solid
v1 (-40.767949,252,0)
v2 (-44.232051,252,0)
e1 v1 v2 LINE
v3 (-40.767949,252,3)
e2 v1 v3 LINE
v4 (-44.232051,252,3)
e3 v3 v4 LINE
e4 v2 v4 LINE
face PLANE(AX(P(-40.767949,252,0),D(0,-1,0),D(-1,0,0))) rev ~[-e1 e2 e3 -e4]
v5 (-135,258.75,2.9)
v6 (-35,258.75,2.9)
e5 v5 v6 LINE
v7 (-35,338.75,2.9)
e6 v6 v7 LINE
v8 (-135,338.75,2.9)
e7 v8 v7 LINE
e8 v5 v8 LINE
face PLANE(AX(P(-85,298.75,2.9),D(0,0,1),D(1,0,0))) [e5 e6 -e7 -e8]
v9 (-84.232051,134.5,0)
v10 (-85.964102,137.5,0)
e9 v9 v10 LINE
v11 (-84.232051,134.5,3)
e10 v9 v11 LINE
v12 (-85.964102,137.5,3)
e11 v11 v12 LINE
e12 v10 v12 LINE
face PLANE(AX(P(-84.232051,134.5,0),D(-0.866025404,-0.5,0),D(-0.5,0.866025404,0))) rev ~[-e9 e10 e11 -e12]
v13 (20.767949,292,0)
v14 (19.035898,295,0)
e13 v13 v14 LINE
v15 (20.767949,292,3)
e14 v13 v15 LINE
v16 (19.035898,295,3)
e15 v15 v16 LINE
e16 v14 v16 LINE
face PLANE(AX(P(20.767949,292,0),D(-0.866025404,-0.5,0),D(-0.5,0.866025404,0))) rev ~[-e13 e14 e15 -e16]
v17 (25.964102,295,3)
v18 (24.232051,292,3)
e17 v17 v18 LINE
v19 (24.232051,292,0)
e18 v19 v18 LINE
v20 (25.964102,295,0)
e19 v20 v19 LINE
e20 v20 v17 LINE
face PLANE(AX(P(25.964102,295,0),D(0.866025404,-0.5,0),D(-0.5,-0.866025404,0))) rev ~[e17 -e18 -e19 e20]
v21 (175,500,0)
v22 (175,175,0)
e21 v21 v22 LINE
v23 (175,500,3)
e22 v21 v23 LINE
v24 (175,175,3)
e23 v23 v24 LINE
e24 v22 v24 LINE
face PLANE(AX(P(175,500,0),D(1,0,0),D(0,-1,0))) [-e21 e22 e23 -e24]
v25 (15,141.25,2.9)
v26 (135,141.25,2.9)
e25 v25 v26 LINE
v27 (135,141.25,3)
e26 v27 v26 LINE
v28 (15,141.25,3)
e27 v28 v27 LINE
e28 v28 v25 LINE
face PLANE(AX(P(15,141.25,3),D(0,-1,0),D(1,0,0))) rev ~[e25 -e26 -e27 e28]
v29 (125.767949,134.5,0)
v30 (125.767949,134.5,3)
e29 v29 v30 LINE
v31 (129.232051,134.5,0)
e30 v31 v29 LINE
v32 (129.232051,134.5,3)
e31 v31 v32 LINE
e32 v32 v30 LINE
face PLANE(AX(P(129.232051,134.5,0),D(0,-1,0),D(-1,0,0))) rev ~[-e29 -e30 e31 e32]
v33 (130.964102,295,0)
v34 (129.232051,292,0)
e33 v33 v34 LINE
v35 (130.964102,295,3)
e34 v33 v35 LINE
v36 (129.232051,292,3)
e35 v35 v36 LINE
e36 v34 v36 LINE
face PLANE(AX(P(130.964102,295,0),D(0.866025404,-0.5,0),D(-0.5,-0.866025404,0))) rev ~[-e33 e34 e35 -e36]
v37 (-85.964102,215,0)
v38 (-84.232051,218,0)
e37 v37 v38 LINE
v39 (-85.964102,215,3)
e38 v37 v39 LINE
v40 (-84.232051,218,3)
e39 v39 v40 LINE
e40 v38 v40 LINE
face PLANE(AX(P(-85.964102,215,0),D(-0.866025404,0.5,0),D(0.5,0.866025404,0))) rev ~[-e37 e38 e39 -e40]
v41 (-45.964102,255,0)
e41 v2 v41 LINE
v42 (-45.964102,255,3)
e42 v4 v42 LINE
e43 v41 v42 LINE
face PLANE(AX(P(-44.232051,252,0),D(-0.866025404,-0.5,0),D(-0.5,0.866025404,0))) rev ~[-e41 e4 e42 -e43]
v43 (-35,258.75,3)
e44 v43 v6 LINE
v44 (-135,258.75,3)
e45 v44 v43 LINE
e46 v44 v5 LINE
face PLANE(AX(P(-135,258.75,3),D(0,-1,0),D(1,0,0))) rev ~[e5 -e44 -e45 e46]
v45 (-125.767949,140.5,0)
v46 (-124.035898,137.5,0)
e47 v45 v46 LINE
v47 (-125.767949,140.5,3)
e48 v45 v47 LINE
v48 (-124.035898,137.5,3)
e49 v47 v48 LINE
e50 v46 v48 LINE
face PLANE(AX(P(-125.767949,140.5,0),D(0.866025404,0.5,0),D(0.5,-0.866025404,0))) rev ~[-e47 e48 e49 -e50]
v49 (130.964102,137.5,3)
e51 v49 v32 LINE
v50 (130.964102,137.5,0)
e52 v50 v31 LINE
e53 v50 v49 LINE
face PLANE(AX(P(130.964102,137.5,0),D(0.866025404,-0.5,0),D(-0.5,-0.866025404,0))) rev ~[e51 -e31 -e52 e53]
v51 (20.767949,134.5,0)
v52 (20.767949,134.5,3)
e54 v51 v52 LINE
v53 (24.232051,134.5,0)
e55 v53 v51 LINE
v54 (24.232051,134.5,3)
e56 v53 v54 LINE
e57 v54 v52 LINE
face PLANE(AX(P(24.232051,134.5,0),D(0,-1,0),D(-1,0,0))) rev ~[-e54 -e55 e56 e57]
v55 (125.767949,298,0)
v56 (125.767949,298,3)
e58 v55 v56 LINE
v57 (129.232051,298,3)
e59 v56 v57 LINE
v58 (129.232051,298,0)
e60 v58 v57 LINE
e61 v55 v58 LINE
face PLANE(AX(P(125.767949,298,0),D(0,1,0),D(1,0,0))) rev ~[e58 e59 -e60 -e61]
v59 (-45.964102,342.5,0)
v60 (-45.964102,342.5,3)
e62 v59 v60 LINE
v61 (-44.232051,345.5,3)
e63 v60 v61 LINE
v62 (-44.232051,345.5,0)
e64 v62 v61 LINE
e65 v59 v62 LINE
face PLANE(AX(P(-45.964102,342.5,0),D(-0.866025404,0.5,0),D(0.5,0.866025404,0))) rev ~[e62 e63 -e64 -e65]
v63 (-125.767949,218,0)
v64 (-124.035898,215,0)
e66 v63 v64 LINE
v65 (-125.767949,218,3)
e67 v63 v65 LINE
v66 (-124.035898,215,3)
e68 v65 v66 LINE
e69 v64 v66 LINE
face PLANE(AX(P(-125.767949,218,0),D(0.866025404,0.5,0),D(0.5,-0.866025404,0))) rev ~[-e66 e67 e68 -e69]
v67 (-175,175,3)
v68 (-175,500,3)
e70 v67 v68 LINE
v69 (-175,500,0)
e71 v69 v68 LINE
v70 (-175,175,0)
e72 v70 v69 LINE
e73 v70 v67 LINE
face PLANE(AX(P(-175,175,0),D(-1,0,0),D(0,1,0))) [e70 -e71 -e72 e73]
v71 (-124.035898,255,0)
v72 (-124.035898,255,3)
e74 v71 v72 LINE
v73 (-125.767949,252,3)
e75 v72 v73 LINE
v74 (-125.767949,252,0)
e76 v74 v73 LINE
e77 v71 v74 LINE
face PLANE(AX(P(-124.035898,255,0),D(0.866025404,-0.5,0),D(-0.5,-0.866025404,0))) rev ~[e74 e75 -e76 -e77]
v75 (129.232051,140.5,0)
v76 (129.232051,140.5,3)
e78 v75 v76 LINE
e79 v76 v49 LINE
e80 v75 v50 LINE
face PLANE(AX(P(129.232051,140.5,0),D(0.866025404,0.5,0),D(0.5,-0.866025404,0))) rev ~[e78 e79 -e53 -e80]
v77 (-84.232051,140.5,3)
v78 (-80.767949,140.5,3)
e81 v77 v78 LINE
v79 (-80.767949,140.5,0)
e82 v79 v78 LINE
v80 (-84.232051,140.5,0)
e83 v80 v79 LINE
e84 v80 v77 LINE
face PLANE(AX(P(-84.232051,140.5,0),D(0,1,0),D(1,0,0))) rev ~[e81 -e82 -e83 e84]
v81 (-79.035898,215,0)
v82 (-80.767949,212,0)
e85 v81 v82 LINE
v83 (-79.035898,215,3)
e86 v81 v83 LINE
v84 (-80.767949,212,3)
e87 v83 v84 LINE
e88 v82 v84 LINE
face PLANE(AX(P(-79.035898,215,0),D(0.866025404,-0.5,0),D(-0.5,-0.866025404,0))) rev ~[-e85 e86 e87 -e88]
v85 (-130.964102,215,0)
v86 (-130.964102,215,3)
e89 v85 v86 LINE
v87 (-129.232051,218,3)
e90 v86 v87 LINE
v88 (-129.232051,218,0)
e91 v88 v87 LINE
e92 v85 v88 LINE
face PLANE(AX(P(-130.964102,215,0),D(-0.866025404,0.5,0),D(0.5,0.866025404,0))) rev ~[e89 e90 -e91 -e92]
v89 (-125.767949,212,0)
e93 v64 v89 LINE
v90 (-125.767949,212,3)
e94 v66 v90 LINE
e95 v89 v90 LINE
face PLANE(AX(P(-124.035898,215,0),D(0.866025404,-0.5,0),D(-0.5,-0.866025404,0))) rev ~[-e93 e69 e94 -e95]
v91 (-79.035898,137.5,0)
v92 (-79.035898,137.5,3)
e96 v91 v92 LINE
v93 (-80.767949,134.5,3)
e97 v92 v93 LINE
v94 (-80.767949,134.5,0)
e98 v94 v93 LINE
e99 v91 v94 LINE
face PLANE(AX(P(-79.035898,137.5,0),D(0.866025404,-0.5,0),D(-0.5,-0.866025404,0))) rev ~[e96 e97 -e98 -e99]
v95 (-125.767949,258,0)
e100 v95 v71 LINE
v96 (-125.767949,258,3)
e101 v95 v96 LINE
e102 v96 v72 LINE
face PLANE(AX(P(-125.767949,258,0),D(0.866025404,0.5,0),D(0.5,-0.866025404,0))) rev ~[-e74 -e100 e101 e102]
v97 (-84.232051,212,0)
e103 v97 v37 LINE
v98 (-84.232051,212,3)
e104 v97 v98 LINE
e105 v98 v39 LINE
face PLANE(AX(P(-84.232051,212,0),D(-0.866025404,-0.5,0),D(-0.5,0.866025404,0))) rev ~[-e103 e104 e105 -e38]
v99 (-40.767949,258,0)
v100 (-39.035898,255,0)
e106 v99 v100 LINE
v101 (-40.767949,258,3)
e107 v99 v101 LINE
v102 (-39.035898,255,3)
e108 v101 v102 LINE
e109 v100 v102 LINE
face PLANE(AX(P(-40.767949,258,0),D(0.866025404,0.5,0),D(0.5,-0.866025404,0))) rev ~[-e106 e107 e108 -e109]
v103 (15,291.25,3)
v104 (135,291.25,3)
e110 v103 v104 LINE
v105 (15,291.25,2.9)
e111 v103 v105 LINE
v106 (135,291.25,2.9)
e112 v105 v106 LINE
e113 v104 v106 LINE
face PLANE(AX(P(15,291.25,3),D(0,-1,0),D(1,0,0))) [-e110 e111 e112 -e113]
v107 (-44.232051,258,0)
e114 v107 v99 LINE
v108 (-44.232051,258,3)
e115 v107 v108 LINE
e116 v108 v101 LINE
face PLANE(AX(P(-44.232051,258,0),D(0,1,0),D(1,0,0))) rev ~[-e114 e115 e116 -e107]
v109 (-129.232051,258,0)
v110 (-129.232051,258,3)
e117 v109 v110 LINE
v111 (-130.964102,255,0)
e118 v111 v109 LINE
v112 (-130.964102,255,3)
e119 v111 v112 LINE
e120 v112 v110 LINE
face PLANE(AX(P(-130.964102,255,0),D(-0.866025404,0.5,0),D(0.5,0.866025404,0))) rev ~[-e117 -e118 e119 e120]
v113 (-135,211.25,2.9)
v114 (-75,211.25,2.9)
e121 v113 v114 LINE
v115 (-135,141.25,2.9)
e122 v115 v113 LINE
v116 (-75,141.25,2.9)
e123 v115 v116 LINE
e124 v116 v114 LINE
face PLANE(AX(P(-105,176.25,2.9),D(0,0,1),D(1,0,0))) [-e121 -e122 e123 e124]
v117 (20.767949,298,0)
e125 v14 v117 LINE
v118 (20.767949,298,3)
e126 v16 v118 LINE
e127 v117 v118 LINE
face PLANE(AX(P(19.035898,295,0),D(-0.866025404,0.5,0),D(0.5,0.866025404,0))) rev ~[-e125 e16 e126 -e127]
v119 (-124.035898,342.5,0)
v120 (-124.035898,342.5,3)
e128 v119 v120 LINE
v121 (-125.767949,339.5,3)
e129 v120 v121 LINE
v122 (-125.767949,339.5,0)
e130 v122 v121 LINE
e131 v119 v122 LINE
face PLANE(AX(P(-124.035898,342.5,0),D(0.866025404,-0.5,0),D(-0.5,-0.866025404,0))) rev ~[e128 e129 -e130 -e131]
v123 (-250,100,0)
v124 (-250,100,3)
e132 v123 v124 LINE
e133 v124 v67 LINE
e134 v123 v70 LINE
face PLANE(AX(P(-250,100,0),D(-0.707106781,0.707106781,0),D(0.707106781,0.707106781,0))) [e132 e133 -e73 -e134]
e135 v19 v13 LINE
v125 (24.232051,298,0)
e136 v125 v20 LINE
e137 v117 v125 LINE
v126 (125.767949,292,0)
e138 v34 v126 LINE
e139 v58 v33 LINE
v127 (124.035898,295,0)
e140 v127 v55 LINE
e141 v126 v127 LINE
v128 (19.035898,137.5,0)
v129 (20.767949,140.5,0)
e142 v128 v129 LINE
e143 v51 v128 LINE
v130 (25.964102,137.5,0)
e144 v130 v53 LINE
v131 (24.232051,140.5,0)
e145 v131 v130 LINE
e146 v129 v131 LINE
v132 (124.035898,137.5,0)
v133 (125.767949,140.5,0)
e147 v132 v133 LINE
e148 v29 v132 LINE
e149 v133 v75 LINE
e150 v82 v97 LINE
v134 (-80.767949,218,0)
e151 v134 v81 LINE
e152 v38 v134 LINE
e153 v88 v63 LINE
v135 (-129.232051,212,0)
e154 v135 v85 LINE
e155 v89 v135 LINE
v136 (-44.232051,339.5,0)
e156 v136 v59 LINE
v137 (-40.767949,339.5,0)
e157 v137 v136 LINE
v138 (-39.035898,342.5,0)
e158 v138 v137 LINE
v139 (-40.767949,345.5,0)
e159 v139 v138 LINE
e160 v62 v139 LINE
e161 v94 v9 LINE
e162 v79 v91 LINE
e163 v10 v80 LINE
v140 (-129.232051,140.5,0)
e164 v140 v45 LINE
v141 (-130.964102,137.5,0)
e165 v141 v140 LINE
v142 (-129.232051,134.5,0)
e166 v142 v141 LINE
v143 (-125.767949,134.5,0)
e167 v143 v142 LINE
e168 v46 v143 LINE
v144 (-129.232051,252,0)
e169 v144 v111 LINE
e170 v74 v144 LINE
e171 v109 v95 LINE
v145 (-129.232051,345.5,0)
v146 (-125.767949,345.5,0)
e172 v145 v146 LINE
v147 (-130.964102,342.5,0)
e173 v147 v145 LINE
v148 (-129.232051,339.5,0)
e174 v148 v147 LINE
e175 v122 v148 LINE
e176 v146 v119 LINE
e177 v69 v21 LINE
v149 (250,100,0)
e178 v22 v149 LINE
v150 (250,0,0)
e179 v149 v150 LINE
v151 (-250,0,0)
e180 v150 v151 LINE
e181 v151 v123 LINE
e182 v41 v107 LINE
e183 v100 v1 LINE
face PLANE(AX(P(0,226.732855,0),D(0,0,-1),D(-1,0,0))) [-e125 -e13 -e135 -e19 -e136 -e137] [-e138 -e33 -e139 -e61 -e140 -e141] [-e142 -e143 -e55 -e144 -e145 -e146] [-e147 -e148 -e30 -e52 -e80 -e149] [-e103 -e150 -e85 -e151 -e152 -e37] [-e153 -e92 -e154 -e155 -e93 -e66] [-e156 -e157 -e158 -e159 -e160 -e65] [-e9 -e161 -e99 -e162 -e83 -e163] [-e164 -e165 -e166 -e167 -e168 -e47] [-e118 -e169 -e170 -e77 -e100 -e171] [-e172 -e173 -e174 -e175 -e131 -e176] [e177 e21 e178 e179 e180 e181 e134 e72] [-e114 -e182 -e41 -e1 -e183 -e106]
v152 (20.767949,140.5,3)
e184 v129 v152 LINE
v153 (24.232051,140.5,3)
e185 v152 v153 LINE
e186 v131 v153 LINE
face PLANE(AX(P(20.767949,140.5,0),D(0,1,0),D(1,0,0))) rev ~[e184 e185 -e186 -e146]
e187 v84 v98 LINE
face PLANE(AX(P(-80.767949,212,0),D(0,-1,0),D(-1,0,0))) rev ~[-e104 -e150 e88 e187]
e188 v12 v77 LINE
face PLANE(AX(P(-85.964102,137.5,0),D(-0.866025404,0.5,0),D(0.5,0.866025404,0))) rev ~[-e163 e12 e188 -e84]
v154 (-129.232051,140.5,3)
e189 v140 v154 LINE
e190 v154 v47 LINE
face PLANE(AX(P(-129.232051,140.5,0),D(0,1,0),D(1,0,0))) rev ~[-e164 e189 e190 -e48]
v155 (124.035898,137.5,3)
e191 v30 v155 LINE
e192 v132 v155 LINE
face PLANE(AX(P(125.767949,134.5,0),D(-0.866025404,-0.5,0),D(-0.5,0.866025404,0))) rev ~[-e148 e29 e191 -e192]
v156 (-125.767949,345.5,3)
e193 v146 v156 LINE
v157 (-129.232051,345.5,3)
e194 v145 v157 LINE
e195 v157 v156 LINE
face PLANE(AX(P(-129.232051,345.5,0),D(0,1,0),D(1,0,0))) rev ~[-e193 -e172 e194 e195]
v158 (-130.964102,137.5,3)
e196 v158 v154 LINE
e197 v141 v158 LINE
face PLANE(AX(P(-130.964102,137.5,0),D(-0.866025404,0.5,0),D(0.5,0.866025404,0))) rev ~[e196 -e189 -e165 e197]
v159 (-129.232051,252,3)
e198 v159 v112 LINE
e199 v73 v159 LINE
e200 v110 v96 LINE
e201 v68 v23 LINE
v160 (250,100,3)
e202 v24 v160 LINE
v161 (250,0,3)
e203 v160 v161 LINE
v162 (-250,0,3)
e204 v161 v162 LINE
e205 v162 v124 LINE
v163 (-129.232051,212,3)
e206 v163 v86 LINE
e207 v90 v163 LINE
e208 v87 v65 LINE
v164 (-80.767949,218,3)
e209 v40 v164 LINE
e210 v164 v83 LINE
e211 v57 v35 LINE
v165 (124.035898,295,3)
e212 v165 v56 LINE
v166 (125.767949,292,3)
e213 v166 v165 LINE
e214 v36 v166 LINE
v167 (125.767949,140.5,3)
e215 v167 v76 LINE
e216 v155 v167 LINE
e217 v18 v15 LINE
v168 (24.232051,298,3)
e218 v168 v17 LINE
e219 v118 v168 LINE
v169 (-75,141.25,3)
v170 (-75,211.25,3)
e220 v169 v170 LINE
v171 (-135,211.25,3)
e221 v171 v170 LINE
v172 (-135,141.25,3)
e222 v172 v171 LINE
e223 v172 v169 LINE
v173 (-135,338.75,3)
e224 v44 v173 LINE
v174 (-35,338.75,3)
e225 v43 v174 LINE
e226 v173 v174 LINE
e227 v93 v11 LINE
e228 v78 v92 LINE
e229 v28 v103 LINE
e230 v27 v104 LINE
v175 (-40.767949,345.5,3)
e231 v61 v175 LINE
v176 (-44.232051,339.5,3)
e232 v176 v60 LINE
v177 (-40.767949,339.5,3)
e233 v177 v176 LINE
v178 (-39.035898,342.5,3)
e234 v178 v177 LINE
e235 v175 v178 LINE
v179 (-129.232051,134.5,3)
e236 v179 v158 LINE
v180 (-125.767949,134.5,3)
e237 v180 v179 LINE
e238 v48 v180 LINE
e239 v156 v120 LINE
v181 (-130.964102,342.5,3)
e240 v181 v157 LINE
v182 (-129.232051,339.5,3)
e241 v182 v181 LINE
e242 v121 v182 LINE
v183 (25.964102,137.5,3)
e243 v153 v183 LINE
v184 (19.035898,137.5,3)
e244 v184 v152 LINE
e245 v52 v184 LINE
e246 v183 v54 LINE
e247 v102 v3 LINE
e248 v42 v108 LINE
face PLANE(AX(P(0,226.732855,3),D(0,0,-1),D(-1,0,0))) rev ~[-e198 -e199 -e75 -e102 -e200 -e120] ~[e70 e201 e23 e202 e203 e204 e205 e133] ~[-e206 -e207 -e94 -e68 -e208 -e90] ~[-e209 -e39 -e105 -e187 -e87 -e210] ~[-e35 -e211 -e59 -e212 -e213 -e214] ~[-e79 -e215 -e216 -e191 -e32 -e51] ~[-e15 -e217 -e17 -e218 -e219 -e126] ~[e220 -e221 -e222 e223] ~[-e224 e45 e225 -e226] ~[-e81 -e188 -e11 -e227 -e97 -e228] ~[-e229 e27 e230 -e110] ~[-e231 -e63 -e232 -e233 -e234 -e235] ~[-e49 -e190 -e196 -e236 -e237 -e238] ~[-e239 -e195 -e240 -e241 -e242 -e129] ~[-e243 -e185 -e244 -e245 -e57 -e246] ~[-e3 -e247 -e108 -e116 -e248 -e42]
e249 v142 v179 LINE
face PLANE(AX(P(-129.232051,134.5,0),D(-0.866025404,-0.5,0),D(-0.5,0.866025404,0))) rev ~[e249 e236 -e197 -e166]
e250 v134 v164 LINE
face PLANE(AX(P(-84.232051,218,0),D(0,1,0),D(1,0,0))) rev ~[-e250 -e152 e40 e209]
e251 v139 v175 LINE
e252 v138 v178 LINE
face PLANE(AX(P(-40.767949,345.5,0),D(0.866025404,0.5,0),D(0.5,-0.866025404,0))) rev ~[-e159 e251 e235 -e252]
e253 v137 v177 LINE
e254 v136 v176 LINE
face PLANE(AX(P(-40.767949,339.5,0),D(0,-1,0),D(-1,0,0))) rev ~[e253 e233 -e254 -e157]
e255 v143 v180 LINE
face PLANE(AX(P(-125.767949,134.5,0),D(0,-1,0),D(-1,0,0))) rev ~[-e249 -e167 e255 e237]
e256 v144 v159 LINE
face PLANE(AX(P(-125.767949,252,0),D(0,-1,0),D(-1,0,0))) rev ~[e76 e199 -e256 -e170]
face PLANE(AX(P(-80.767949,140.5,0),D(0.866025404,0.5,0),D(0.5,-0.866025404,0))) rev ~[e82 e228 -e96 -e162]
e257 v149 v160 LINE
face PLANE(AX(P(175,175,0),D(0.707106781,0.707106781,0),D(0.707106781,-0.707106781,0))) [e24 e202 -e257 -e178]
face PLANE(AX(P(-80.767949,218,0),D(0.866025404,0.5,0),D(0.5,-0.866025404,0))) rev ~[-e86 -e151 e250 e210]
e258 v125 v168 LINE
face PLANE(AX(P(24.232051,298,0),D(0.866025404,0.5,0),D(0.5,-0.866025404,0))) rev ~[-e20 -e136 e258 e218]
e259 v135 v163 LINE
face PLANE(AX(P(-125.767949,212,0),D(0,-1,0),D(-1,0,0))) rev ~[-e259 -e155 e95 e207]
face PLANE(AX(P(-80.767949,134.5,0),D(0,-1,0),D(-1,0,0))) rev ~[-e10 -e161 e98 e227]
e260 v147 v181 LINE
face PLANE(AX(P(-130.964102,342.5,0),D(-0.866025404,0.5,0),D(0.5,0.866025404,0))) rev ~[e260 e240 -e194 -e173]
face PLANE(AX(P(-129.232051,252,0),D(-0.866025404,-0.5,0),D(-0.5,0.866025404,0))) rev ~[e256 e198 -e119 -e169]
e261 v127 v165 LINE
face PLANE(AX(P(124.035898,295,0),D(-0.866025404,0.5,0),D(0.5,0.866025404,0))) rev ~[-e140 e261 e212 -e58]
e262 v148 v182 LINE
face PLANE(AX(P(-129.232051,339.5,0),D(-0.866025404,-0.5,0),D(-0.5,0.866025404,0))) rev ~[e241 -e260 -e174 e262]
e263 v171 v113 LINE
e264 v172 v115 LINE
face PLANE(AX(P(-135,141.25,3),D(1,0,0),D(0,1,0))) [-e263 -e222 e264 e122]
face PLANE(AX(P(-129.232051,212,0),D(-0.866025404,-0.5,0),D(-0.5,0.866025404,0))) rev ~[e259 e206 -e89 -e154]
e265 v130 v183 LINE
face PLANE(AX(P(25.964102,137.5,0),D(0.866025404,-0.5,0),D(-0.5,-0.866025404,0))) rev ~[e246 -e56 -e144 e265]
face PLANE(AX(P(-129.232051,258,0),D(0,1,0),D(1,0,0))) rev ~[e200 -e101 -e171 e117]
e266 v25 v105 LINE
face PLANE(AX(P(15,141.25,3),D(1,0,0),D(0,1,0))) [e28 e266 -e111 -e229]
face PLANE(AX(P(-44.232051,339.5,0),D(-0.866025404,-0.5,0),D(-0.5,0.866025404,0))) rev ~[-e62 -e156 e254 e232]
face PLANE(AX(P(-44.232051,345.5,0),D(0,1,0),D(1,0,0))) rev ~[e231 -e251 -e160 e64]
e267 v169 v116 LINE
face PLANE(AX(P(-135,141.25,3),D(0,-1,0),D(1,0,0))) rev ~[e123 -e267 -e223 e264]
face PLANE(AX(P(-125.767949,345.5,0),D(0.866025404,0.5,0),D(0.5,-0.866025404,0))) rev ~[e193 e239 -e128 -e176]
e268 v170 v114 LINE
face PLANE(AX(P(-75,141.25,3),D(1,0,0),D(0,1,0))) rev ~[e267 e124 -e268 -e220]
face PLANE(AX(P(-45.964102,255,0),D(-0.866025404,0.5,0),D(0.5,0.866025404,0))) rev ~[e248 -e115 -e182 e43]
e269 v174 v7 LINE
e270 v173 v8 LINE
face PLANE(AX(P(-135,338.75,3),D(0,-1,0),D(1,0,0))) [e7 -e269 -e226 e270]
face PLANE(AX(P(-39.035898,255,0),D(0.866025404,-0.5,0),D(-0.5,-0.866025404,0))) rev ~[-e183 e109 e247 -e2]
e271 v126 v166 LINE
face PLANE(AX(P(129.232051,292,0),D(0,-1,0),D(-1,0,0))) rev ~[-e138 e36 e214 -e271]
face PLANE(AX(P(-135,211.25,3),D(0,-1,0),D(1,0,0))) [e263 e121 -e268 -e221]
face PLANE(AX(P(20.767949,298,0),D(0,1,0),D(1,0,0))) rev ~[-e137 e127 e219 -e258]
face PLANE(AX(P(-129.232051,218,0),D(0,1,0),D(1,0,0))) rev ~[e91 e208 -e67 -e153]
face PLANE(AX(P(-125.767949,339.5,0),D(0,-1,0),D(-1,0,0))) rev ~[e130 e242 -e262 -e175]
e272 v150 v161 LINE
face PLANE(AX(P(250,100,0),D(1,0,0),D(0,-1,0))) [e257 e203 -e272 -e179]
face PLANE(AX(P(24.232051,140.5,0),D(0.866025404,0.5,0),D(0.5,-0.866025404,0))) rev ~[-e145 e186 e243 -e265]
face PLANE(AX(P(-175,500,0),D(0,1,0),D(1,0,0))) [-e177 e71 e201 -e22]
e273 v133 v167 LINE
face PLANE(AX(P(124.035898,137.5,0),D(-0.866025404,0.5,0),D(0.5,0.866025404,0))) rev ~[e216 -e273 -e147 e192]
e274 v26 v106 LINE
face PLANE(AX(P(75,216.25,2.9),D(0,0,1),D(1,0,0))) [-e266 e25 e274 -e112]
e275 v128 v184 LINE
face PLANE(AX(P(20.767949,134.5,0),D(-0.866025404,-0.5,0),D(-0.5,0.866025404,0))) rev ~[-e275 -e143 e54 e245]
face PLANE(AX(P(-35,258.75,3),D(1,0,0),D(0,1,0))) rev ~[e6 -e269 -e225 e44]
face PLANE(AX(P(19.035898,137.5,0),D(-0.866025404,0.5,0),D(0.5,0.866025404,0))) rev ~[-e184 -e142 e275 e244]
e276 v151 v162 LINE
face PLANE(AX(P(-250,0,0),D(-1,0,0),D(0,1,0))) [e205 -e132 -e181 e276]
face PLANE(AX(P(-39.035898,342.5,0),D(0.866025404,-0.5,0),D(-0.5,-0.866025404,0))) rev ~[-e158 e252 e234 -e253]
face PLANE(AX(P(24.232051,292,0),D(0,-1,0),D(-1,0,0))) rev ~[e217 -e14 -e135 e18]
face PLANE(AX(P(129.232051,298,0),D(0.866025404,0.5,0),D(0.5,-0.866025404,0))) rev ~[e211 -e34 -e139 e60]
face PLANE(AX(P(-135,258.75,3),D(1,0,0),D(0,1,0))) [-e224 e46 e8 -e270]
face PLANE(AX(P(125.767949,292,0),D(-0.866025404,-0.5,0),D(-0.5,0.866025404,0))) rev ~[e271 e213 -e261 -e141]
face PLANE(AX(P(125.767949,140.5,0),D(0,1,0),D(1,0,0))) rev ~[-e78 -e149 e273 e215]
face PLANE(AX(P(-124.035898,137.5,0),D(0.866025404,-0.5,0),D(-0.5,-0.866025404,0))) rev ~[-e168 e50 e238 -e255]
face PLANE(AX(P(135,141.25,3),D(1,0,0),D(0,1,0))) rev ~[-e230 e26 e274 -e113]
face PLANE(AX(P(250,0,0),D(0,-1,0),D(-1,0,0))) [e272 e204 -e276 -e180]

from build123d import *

# Parameters (mm, degrees)
BOSS_EXTRUDE1_DEPTH = 3
CUT_EXTRUDE3_START  = 3
SKETCH3_W           = 100
SKETCH3_H           = 80
SKETCH3_W_2         = 120
SKETCH3_H_2         = 150
SKETCH3_W_3         = 60
SKETCH3_H_3         = 70
CUT_EXTRUDE3_DEPTH  = 0.1
CUT_EXTRUDE4_DEPTH  = 560.025044162


with BuildPart() as part:
    # Sketch1 → Boss-Extrude1 (new body)
    with BuildSketch(Plane.XY):
        Polygon((-250, 0), (-250, 100), (-175, 175), (-175, 500), (175, 500), (175, 175), (250, 100), (250, 0), align=None)
    extrude(amount=BOSS_EXTRUDE1_DEPTH)

    # Sketch3 → Cut-Extrude3 (cut)
    with BuildSketch(Plane.XY.offset(CUT_EXTRUDE3_START)):
        with Locations((-85, 298.75)):
            Rectangle(SKETCH3_W, SKETCH3_H)
        with Locations((75, 216.25)):
            Rectangle(SKETCH3_W_2, SKETCH3_H_2)
        with Locations((-105, 176.25)):
            Rectangle(SKETCH3_W_3, SKETCH3_H_3)
    extrude(amount=-CUT_EXTRUDE3_DEPTH, mode=Mode.SUBTRACT)

    # Sketch4 → Cut-Extrude4 (cut, through all)
    with BuildSketch(Plane(origin=(0, 0, 0), x_dir=(-1, 0, 0), z_dir=(0, 0, -1))):
        Polygon((-20.767949192, 140.5), (-24.232050808, 140.5), (-25.964101615, 137.5), (-24.232050808, 134.5), (-20.767949192, 134.5), (-19.035898385, 137.5), align=None)
        Polygon((-129.232050808, 134.5), (-125.767949192, 134.5), (-124.035898385, 137.5), (-125.767949192, 140.5), (-129.232050808, 140.5), (-130.964101615, 137.5), align=None)
        Polygon((79.035898385, 137.5), (80.767949192, 134.5), (84.232050808, 134.5), (85.964101615, 137.5), (84.232050808, 140.5), (80.767949192, 140.5), align=None)
        Polygon((129.232050808, 134.5), (130.964101615, 137.5), (129.232050808, 140.5), (125.767949192, 140.5), (124.035898385, 137.5), (125.767949192, 134.5), align=None)
        Polygon((129.232050808, 218), (125.767949192, 218), (124.035898385, 215), (125.767949192, 212), (129.232050808, 212), (130.964101615, 215), align=None)
        Polygon((80.767949192, 218), (79.035898385, 215), (80.767949192, 212), (84.232050808, 212), (85.964101615, 215), (84.232050808, 218), align=None)
        Polygon((125.767949192, 252), (129.232050808, 252), (130.964101615, 255), (129.232050808, 258), (125.767949192, 258), (124.035898385, 255), align=None)
        Polygon((44.232050808, 252), (45.964101615, 255), (44.232050808, 258), (40.767949192, 258), (39.035898385, 255), (40.767949192, 252), align=None)
        Polygon((-130.964101615, 295), (-129.232050808, 292), (-125.767949192, 292), (-124.035898385, 295), (-125.767949192, 298), (-129.232050808, 298), align=None)
        Polygon((-19.035898385, 295), (-20.767949192, 298), (-24.232050808, 298), (-25.964101615, 295), (-24.232050808, 292), (-20.767949192, 292), align=None)
        Polygon((40.767949192, 345.5), (39.035898385, 342.5), (40.767949192, 339.5), (44.232050808, 339.5), (45.964101615, 342.5), (44.232050808, 345.5), align=None)
        Polygon((129.232050808, 345.5), (125.767949192, 345.5), (124.035898385, 342.5), (125.767949192, 339.5), (129.232050808, 339.5), (130.964101615, 342.5), align=None)
    extrude(amount=-CUT_EXTRUDE4_DEPTH, mode=Mode.SUBTRACT)


solid = part.part
